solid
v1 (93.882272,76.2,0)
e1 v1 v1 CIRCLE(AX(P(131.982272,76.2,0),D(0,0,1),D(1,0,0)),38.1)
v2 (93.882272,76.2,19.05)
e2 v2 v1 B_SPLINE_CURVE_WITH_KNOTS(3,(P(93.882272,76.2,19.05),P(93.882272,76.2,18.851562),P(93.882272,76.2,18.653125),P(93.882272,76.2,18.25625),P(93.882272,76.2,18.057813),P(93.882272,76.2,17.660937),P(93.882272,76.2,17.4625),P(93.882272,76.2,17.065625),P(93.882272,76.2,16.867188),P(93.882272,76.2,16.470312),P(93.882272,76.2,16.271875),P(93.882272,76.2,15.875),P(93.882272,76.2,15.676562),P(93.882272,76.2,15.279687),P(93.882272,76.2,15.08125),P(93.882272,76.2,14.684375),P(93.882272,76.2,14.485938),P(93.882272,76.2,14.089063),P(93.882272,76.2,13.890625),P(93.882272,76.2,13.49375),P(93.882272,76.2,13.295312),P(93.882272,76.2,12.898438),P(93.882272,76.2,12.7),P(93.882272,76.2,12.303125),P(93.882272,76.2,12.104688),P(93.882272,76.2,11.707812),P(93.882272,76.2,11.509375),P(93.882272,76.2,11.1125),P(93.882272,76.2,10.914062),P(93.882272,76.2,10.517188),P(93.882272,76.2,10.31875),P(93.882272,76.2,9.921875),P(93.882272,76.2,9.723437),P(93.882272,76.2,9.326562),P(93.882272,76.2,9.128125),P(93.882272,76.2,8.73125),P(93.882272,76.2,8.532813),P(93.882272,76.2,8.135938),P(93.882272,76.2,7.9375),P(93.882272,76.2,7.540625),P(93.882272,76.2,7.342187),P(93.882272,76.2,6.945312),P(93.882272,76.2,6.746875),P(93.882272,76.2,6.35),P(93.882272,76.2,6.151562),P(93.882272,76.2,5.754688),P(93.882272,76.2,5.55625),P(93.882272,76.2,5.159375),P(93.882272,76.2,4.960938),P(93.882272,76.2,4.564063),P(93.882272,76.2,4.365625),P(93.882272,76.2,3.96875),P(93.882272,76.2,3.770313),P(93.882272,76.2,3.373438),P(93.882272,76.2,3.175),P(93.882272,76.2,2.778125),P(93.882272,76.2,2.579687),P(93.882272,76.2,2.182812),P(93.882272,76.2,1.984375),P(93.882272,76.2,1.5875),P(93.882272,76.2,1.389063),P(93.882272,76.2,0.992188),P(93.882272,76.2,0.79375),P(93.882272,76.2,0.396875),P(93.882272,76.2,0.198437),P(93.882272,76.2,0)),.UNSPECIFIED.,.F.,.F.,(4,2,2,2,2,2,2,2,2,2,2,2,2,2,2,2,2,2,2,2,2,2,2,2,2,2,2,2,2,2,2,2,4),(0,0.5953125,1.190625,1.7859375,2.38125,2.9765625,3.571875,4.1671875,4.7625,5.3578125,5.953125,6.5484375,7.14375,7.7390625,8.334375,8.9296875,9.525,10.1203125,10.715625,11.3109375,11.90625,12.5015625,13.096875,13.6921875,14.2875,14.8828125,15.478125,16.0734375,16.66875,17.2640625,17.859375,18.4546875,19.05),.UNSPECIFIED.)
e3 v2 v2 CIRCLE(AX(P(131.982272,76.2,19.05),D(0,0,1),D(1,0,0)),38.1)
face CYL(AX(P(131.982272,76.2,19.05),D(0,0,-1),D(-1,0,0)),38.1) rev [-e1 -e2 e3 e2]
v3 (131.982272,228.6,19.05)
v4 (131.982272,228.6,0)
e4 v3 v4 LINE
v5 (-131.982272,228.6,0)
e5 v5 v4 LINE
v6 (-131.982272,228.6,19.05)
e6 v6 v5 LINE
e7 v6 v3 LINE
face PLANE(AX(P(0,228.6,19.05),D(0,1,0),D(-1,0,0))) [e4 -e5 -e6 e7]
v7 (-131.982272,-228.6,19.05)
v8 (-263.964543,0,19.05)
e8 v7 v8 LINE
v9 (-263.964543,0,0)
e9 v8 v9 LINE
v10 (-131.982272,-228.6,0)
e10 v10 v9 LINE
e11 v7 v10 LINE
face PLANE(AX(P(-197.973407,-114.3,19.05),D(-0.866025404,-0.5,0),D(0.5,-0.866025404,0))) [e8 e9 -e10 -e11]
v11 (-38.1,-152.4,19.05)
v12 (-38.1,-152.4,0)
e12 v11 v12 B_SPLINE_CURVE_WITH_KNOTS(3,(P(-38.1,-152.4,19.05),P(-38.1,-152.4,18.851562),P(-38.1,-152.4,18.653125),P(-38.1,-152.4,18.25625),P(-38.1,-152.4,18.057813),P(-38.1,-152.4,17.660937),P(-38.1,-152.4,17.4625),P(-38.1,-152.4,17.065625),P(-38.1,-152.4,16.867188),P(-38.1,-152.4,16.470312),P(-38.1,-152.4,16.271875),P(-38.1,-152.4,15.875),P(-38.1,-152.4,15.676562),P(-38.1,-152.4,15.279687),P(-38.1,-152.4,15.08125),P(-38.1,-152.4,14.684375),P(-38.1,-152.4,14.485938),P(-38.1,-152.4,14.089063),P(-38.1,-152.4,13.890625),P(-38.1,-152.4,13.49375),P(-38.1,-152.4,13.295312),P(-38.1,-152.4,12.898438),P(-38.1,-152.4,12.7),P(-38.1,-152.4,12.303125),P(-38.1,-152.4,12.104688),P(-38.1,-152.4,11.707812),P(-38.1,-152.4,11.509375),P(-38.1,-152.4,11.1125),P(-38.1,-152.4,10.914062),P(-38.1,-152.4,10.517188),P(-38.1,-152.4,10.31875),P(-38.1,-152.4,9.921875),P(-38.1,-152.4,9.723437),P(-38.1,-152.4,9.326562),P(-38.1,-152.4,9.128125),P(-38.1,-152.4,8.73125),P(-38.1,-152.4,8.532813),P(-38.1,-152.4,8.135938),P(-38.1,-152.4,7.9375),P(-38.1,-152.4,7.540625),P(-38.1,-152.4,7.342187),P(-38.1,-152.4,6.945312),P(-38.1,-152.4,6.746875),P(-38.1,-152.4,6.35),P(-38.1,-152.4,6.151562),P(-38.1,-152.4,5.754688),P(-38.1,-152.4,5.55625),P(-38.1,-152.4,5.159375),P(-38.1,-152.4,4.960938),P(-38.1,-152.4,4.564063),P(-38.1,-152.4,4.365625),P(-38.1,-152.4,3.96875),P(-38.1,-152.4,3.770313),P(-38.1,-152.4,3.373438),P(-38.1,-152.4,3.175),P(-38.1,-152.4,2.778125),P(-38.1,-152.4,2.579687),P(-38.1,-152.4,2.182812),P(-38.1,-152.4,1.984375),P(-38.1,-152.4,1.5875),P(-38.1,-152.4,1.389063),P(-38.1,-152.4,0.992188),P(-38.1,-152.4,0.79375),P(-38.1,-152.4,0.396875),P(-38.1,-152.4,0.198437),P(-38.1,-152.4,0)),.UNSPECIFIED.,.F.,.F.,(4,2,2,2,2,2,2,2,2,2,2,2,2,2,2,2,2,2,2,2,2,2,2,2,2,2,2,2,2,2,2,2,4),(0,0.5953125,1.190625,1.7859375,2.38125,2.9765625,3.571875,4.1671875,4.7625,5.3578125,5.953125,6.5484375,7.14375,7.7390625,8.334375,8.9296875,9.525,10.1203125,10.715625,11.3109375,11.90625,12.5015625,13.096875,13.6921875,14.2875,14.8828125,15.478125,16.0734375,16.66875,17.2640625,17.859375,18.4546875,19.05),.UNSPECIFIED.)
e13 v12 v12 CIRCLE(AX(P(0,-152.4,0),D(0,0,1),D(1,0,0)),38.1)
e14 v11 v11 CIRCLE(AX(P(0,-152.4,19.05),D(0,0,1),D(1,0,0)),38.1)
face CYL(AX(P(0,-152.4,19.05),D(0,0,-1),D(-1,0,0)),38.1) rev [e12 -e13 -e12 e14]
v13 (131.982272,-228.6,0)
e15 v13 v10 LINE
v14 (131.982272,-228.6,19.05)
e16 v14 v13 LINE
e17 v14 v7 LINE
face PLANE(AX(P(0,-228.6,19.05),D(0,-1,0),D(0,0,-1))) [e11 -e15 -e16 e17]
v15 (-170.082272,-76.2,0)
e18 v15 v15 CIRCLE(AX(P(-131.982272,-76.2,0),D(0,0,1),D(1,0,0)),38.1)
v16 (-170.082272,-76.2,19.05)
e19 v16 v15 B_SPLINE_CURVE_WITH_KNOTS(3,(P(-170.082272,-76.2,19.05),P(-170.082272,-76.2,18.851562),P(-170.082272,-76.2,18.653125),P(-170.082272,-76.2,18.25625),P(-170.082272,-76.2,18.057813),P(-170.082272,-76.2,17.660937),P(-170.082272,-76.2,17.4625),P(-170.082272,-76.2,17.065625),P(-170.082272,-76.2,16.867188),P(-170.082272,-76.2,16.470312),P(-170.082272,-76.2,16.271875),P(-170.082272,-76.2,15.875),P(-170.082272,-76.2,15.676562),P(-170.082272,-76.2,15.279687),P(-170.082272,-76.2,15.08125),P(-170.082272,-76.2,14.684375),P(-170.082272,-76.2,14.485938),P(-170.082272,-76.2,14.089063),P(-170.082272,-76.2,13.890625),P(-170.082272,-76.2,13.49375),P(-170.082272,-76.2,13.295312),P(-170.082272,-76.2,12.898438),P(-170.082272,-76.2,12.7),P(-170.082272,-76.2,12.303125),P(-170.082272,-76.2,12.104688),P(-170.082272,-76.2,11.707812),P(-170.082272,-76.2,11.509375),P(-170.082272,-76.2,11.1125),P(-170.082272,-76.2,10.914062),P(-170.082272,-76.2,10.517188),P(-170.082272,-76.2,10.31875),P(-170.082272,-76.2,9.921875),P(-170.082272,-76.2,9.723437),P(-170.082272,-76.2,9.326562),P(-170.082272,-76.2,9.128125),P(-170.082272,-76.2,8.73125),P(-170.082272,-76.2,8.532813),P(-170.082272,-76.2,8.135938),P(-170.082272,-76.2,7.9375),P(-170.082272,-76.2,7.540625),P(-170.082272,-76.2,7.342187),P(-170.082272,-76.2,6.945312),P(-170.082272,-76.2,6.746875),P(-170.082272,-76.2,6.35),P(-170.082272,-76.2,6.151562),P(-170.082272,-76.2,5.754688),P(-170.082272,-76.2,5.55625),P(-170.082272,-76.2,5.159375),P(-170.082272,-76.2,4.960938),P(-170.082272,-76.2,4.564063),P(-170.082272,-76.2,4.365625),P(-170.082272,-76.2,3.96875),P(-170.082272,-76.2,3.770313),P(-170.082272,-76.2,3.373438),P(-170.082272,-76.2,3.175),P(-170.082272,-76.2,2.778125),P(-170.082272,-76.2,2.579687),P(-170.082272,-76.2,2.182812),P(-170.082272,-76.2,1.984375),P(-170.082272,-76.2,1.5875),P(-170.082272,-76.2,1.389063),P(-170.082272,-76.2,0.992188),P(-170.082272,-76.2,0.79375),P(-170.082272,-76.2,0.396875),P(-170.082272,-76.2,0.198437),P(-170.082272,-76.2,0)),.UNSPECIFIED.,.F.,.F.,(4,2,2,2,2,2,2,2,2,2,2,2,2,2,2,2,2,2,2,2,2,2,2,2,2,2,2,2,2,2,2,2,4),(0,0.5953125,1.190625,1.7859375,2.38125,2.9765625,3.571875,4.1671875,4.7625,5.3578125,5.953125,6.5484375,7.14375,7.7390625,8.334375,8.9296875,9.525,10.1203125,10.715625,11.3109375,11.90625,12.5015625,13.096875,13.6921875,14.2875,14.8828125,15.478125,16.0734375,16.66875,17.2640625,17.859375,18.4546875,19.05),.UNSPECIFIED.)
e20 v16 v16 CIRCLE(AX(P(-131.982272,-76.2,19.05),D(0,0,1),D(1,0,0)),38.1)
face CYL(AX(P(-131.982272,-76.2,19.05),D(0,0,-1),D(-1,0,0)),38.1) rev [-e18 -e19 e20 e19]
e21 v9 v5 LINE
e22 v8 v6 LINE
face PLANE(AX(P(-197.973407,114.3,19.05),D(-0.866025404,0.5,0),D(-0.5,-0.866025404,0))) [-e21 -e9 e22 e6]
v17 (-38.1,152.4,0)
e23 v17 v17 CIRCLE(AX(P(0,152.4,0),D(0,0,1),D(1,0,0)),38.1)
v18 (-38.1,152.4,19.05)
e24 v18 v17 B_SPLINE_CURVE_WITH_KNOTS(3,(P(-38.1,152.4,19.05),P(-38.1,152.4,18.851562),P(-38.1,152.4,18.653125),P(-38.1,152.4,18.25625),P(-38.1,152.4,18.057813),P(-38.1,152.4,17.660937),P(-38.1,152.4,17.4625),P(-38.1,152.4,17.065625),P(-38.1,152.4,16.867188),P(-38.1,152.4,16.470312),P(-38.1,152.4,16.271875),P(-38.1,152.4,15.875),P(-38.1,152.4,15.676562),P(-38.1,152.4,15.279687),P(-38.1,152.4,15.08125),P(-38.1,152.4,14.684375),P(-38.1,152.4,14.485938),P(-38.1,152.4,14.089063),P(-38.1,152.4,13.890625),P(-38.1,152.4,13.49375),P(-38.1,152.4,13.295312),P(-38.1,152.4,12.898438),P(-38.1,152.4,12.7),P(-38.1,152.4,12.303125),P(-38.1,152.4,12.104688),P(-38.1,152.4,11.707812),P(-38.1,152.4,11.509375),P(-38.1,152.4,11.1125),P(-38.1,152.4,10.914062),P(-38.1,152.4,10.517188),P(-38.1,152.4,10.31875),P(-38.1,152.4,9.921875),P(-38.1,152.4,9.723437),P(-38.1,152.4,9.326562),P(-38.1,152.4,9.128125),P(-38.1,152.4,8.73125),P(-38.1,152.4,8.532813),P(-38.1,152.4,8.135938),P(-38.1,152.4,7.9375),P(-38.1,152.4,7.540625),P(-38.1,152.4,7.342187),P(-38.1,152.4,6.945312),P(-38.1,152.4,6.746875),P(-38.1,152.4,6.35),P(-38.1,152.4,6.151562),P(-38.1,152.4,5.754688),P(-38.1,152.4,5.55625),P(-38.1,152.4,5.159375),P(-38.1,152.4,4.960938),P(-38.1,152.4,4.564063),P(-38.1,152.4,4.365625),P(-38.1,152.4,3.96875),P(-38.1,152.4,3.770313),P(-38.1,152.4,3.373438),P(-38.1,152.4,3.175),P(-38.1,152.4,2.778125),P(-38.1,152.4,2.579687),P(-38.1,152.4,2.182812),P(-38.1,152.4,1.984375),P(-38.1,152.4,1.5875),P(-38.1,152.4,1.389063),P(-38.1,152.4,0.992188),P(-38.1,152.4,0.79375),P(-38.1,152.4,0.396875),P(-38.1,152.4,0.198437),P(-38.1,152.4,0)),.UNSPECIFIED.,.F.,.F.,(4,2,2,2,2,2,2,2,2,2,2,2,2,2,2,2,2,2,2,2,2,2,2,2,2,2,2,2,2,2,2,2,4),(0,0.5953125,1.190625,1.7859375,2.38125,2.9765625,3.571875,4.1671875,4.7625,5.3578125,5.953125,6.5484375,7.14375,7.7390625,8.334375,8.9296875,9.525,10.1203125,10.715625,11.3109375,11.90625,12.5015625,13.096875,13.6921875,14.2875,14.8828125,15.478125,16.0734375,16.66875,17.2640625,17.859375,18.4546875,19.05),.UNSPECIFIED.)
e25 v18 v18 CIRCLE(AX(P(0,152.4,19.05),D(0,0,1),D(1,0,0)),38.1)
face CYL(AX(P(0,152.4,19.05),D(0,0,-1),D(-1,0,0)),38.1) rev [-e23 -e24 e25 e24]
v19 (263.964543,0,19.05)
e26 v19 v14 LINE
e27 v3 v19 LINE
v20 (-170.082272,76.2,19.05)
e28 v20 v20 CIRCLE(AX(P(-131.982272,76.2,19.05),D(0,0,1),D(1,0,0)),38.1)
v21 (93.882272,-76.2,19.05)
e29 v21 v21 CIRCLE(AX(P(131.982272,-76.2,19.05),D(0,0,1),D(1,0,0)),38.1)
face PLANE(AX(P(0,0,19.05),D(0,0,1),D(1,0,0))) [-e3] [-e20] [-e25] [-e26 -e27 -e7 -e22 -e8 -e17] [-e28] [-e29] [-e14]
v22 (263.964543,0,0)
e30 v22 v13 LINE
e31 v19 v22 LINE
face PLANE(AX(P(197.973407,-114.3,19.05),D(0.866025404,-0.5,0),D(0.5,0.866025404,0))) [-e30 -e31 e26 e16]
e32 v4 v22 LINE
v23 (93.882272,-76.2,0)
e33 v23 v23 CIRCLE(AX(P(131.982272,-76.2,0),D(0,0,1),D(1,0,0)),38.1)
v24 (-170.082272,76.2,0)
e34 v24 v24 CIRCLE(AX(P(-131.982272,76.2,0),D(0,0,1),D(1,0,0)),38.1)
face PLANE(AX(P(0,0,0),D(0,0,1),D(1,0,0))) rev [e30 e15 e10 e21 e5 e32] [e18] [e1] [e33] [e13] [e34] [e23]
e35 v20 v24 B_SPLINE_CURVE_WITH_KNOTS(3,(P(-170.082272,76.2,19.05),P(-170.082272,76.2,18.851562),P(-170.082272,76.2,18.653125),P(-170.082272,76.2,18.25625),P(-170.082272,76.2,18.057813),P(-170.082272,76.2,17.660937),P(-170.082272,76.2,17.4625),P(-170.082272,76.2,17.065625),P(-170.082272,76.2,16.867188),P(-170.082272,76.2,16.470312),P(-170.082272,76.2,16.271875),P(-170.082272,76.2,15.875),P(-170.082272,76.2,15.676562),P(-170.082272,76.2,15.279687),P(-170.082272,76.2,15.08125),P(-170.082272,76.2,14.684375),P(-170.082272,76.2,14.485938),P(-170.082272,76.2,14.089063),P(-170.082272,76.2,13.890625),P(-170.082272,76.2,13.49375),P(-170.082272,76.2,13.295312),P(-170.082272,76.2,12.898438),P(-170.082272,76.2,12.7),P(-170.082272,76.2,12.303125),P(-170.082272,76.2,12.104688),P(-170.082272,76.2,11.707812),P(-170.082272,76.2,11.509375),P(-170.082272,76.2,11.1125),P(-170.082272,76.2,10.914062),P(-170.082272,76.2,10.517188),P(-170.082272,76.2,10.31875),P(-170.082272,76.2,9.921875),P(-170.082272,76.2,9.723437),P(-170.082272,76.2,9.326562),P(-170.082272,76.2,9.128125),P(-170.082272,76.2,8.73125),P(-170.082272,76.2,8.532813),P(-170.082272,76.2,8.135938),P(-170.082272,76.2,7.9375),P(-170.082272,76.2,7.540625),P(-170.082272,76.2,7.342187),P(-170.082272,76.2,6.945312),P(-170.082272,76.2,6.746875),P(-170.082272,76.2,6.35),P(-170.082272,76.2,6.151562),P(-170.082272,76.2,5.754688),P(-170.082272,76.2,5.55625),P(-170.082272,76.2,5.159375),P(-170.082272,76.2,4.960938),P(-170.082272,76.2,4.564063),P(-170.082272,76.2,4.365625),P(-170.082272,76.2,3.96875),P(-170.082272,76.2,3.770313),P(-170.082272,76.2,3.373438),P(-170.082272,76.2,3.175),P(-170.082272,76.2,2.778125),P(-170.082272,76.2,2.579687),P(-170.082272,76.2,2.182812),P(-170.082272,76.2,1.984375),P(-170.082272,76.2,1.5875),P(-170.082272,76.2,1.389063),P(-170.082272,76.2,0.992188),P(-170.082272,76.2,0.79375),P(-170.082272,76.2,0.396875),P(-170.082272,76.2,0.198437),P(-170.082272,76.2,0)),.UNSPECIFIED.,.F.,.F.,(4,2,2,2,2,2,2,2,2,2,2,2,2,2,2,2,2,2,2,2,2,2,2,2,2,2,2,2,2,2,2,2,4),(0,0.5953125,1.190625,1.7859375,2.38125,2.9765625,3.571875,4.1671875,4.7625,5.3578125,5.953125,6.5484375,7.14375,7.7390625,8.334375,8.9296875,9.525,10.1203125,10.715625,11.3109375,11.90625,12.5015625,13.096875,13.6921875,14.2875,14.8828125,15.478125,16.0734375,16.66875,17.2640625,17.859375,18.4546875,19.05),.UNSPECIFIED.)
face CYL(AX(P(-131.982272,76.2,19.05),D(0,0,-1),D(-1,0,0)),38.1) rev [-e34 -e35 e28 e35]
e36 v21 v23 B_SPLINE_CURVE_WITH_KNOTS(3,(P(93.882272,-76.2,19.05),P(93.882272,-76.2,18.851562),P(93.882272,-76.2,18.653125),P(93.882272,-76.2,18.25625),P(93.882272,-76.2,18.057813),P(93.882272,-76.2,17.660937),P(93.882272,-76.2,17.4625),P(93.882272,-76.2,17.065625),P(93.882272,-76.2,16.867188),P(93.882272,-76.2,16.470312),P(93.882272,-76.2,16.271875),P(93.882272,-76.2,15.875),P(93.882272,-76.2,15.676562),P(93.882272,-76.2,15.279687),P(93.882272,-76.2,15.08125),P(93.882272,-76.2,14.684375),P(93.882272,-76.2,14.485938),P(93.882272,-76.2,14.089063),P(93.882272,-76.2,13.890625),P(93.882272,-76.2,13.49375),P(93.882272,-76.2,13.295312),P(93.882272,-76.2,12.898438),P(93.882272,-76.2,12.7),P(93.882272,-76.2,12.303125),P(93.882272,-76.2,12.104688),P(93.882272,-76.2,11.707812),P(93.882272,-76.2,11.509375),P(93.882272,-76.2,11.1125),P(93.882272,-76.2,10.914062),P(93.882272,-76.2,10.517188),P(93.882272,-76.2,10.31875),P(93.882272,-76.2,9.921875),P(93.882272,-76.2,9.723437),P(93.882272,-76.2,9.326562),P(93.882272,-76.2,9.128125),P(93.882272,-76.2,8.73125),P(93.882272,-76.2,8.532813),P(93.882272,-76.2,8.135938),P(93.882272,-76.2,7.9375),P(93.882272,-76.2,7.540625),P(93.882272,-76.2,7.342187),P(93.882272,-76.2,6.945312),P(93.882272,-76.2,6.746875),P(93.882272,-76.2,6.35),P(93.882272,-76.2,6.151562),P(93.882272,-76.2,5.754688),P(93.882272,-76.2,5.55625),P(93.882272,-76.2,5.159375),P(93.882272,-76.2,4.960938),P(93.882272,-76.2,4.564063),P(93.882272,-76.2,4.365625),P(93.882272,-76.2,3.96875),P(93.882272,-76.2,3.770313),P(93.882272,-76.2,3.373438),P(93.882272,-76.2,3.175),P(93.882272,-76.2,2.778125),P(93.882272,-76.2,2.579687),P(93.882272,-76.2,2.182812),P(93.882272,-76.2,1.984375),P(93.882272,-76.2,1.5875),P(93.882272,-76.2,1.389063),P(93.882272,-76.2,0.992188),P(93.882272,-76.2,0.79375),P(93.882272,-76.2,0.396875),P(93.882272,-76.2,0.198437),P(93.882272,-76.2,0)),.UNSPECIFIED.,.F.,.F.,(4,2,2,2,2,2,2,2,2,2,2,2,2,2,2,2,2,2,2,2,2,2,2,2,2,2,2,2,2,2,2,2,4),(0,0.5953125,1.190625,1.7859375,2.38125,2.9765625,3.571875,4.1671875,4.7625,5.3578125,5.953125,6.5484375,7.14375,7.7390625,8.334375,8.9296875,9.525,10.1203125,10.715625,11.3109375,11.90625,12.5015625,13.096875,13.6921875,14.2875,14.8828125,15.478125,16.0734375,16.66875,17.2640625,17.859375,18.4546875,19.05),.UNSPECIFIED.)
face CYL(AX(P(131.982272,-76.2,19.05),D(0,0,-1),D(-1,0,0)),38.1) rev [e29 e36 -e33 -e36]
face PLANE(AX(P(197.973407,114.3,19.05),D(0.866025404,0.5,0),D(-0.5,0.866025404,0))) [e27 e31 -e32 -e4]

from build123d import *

# Parameters (mm, degrees)
SKETCH1_R           = 38.1
BOSS_EXTRUDE1_DEPTH = 19.05


with BuildPart() as part:
    # Sketch1 → Boss-Extrude1 (new body)
    # profile 1 of 6: a face of its own
    with BuildSketch(Plane.XY):
        Polygon((-263.964543073, 0), (-131.982271537, 228.6), (0, 0), align=None)
        with Locations(Location((-131.982271537, 76.2, 0), (0, 0, 180))):
            Circle(SKETCH1_R, mode=Mode.SUBTRACT)
    # profile 2 of 6: a face of its own
    with BuildSketch(Plane.XY):
        Polygon((131.982271537, 228.6), (0, 0), (-131.982271537, 228.6), align=None)
        with Locations(Location((0, 152.4, 0), (0, 0, 180))):
            Circle(SKETCH1_R, mode=Mode.SUBTRACT)
    # profile 3 of 6: a face of its own
    with BuildSketch(Plane.XY):
        Polygon((263.964543073, 0), (0, 0), (131.982271537, 228.6), align=None)
        with Locations(Location((131.982271537, 76.2, 0), (0, 0, 180))):
            Circle(SKETCH1_R, mode=Mode.SUBTRACT)
    # profile 4 of 6: a face of its own
    with BuildSketch(Plane.XY):
        Polygon((131.982271537, -228.6), (0, 0), (263.964543073, 0), align=None)
        with Locations(Location((131.982271537, -76.2, 0), (0, 0, 180))):
            Circle(SKETCH1_R, mode=Mode.SUBTRACT)
    # profile 5 of 6: a face of its own
    with BuildSketch(Plane.XY):
        Polygon((-131.982271537, -228.6), (0, 0), (131.982271537, -228.6), align=None)
        with Locations(Location((0, -152.4, 0), (0, 0, 180))):
            Circle(SKETCH1_R, mode=Mode.SUBTRACT)
    # profile 6 of 6: a face of its own
    with BuildSketch(Plane.XY):
        Polygon((-263.964543073, 0), (0, 0), (-131.982271537, -228.6), align=None)
        with Locations(Location((-131.982271537, -76.2, 0), (0, 0, 180))):
            Circle(SKETCH1_R, mode=Mode.SUBTRACT)
    extrude(amount=BOSS_EXTRUDE1_DEPTH)


solid = part.part
